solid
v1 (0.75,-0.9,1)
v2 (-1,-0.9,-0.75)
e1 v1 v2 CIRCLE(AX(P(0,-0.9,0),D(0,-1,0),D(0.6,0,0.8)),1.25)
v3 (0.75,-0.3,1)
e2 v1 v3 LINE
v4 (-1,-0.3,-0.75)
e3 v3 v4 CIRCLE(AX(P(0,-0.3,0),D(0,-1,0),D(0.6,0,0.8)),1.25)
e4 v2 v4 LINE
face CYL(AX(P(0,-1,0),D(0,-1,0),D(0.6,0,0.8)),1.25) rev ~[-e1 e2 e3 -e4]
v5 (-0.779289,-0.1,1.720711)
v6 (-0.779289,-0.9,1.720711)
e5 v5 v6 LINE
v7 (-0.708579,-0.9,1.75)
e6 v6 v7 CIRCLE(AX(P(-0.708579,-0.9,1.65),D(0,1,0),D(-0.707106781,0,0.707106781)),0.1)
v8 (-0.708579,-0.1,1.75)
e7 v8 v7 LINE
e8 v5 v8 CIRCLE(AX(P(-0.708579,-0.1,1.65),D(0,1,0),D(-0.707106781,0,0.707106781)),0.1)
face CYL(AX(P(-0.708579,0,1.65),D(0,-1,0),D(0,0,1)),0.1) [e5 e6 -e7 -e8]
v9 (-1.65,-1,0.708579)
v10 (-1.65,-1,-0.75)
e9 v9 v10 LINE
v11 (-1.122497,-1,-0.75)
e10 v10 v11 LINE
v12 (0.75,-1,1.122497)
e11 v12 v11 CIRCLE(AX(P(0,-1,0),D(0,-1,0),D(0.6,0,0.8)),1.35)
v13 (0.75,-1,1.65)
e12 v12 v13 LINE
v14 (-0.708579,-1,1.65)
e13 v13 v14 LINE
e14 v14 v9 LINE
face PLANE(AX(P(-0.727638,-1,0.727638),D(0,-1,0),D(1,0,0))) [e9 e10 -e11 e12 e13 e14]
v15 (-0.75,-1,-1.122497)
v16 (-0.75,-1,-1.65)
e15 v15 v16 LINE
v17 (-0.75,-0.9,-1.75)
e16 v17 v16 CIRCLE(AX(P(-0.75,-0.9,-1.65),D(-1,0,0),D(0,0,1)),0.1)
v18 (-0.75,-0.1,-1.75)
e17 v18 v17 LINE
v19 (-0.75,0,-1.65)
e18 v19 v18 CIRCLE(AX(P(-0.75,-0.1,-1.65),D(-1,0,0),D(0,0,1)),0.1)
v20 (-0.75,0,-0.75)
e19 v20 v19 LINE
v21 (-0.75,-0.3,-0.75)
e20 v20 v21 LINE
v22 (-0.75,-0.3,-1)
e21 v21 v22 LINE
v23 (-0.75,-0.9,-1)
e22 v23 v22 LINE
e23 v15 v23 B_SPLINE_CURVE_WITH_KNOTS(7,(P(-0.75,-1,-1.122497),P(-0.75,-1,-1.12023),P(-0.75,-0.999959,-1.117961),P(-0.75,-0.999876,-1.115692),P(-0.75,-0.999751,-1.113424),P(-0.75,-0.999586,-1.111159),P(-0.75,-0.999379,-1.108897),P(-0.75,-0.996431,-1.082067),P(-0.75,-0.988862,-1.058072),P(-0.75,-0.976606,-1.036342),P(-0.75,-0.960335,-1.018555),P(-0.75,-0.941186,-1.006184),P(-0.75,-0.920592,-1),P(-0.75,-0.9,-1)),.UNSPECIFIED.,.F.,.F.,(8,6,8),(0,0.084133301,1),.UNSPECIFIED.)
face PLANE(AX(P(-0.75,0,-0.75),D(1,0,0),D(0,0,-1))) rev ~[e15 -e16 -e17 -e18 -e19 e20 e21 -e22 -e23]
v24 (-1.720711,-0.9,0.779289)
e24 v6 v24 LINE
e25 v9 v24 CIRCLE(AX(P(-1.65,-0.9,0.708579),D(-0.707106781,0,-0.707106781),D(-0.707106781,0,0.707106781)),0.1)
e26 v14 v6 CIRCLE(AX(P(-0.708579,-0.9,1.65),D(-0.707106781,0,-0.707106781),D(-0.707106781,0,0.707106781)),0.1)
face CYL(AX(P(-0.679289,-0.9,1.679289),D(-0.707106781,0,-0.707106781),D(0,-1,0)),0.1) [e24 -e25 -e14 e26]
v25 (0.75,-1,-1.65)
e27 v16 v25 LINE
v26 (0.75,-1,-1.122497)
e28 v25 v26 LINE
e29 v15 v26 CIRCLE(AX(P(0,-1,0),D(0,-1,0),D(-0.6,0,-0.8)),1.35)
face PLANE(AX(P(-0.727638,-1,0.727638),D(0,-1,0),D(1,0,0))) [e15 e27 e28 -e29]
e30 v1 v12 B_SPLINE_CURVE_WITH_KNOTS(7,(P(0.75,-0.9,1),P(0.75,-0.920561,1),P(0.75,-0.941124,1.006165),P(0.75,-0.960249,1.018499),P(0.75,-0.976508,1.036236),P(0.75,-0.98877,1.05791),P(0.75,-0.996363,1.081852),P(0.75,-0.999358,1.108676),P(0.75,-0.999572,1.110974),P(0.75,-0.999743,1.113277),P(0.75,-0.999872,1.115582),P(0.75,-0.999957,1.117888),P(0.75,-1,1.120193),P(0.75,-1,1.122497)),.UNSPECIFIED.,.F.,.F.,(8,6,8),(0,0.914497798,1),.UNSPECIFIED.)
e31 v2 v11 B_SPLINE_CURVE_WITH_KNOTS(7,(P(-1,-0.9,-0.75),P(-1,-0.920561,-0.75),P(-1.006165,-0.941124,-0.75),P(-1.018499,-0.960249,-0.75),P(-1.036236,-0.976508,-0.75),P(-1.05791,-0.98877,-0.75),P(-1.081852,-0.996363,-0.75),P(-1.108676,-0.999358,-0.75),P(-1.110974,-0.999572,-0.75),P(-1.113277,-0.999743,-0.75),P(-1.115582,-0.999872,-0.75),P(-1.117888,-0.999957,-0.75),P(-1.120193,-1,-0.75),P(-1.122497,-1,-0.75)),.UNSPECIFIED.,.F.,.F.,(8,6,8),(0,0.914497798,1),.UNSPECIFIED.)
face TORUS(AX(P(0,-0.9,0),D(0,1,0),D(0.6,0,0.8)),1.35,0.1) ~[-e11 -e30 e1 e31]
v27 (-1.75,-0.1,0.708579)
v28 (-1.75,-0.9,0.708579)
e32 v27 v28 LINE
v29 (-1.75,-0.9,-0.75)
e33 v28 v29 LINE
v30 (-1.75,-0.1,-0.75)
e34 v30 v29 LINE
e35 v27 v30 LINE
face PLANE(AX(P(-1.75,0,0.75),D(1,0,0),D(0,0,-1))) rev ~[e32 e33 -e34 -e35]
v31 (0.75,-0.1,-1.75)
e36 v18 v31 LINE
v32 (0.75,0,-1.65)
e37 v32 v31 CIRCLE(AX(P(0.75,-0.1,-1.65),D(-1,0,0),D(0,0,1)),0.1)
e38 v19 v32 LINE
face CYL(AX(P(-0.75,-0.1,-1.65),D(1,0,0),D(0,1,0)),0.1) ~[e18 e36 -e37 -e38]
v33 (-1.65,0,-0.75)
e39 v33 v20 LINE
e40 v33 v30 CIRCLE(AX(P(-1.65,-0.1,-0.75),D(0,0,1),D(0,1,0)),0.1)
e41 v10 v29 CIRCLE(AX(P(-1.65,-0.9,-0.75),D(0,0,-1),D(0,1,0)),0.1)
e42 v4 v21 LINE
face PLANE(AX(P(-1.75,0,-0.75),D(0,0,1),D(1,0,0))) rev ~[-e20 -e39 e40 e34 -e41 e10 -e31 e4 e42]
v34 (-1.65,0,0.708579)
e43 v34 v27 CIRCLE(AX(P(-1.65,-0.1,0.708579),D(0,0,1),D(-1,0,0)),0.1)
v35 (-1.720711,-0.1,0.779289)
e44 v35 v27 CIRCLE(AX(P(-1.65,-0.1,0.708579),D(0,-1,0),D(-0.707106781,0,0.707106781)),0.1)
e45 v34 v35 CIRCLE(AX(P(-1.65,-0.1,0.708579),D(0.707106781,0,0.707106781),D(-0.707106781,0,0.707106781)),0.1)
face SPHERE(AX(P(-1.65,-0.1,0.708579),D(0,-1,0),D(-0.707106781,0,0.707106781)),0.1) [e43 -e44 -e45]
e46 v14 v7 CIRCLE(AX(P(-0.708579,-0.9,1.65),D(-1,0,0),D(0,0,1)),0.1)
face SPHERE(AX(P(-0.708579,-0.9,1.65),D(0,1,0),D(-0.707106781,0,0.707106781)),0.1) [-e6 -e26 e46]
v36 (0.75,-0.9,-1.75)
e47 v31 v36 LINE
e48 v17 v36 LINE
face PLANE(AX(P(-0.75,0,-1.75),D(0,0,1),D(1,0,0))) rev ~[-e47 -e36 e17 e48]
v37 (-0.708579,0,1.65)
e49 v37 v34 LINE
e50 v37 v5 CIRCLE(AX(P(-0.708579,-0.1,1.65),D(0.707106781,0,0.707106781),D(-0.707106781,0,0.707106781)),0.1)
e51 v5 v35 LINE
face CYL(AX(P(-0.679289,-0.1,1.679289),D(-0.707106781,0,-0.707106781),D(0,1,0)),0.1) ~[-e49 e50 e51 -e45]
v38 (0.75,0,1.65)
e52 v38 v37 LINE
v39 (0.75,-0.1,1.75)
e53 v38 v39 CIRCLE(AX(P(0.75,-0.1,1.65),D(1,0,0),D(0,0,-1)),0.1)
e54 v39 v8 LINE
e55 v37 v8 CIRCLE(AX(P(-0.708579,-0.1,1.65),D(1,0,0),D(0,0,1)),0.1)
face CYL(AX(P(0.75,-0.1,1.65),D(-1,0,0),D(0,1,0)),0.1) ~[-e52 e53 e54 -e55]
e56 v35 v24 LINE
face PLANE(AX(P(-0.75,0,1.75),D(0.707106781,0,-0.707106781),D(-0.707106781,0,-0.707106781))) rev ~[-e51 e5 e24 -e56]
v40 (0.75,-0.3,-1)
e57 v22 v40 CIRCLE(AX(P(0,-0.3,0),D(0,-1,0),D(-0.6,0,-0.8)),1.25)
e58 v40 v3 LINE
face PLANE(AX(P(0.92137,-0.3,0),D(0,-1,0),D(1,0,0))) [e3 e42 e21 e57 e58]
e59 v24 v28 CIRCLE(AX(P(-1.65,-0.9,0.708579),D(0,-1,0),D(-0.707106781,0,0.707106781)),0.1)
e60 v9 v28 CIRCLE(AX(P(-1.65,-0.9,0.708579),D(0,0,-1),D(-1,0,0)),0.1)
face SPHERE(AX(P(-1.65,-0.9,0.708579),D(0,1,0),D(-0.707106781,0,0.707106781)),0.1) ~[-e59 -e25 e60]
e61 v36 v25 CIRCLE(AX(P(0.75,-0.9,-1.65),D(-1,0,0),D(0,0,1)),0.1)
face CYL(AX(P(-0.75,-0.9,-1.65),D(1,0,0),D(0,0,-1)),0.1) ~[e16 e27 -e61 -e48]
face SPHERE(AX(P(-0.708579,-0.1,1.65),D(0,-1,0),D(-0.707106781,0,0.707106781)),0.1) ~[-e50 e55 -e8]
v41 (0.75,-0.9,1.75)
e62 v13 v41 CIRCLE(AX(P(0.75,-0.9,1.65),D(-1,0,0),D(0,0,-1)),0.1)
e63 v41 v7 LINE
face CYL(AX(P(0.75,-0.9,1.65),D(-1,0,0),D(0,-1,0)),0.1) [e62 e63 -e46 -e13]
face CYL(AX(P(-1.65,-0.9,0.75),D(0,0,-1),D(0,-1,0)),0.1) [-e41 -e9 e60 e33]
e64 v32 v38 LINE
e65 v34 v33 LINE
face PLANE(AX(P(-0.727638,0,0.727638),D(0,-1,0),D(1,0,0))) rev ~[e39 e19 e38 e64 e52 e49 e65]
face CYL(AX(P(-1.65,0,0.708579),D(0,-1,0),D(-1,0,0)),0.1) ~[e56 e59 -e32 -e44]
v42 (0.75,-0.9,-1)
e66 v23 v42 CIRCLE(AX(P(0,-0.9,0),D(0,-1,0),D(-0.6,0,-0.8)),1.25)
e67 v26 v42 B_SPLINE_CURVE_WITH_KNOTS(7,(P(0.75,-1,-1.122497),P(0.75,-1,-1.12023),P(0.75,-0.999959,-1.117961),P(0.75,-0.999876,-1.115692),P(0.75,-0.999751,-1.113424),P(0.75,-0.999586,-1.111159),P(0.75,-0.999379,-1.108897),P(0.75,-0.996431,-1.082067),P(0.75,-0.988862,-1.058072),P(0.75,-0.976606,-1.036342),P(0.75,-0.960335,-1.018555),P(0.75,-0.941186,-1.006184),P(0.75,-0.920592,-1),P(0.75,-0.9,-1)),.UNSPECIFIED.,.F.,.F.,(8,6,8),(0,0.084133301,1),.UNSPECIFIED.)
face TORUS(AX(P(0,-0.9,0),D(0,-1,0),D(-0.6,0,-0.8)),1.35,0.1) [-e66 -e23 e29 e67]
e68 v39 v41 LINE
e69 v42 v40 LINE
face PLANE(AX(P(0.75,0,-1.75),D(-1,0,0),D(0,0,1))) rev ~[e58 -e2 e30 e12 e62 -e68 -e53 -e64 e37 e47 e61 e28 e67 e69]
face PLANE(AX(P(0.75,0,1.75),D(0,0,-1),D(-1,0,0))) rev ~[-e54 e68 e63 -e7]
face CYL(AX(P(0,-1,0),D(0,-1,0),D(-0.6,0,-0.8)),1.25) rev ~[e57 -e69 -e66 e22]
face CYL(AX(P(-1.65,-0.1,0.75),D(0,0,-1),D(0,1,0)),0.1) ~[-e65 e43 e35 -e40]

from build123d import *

# Parameters (mm, degrees)
F1_DEPTH = 1
F3_DEPTH = 0.7
F4_R     = 0.1


with BuildPart() as f1:
    # F0 (on Front) → F1 (new body)
    with BuildSketch(Plane.XZ):
        with BuildLine():
            Line((-1.75, -0.75), (-1, -0.75))
            ThreePointArc((-1, -0.75), (-0.8838834765, 0.8838834765), (0.75, 1))
            Line((0.75, 1), (0.75, 1.75))
            Line((0.75, 1.75), (-0.75, 1.75))
            Line((-0.75, 1.75), (-1.75, 0.75))
            Line((-1.75, 0.75), (-1.75, -0.75))
        make_face()
        with BuildLine():
            ThreePointArc((0.75, -1), (0, -1.25), (-0.75, -1))
            Line((-0.75, -1), (-0.75, -1.75))
            Line((-0.75, -1.75), (0.75, -1.75))
            Line((0.75, -1.75), (0.75, -1))
        make_face()
        with BuildLine():
            Line((-1, -0.75), (-0.75, -0.75))
            Line((-0.75, -0.75), (-0.75, -1))
            ThreePointArc((-0.75, -1), (0, -1.25), (0.75, -1))
            Line((0.75, -1), (0.75, 1))
            ThreePointArc((0.75, 1), (-0.8838834765, 0.8838834765), (-1, -0.75))
        make_face()
    extrude(amount=F1_DEPTH)

    # F2 (on face) → F3 (cut)
    with BuildSketch(Plane.XZ.offset(1)):
        with BuildLine():
            ThreePointArc((0.75, -1), (1.1180339887, -0.5590169944), (1.25, 0))
            ThreePointArc((1.25, 0), (1.1180339887, 0.5590169944), (0.75, 1))
            Line((0.75, 1), (0.75, -1))
        make_face()
        with BuildLine():
            Line((-0.75, -0.75), (-1, -0.75))
            ThreePointArc((-1, -0.75), (-0.8838834765, -0.8838834765), (-0.75, -1))
            Line((-0.75, -1), (-0.75, -0.75))
        make_face()
        with BuildLine():
            Line((0.75, -1), (0.75, 1))
            ThreePointArc((0.75, 1), (-0.8838834765, 0.8838834765), (-1, -0.75))
            Line((-1, -0.75), (-0.75, -0.75))
            Line((-0.75, -0.75), (-0.75, -1))
            ThreePointArc((-0.75, -1), (0, -1.25), (0.75, -1))
        make_face()
    extrude(amount=-F3_DEPTH, mode=Mode.SUBTRACT)

    # F4
    f4_edges = [f1.edges().sort_by_distance(p)[0] for p in [
        (0, 0, 1.75),
        (0, -1, 1.75),
        (-0.75, -0.5, 1.75),
        (-0.883883, -1, 0.883883),
        (0, -1, -1.25),
        (-1.25, -1, 1.25),
        (-1.25, 0, 1.25),
        (-1.75, -1, 0),
        (-1.75, 0, 0),
        (-1.75, -0.5, 0.75),
        (0, -1, -1.75),
        (0, 0, -1.75),
    ]]
    fillet(f4_edges, radius=F4_R)


solid = f1.part
